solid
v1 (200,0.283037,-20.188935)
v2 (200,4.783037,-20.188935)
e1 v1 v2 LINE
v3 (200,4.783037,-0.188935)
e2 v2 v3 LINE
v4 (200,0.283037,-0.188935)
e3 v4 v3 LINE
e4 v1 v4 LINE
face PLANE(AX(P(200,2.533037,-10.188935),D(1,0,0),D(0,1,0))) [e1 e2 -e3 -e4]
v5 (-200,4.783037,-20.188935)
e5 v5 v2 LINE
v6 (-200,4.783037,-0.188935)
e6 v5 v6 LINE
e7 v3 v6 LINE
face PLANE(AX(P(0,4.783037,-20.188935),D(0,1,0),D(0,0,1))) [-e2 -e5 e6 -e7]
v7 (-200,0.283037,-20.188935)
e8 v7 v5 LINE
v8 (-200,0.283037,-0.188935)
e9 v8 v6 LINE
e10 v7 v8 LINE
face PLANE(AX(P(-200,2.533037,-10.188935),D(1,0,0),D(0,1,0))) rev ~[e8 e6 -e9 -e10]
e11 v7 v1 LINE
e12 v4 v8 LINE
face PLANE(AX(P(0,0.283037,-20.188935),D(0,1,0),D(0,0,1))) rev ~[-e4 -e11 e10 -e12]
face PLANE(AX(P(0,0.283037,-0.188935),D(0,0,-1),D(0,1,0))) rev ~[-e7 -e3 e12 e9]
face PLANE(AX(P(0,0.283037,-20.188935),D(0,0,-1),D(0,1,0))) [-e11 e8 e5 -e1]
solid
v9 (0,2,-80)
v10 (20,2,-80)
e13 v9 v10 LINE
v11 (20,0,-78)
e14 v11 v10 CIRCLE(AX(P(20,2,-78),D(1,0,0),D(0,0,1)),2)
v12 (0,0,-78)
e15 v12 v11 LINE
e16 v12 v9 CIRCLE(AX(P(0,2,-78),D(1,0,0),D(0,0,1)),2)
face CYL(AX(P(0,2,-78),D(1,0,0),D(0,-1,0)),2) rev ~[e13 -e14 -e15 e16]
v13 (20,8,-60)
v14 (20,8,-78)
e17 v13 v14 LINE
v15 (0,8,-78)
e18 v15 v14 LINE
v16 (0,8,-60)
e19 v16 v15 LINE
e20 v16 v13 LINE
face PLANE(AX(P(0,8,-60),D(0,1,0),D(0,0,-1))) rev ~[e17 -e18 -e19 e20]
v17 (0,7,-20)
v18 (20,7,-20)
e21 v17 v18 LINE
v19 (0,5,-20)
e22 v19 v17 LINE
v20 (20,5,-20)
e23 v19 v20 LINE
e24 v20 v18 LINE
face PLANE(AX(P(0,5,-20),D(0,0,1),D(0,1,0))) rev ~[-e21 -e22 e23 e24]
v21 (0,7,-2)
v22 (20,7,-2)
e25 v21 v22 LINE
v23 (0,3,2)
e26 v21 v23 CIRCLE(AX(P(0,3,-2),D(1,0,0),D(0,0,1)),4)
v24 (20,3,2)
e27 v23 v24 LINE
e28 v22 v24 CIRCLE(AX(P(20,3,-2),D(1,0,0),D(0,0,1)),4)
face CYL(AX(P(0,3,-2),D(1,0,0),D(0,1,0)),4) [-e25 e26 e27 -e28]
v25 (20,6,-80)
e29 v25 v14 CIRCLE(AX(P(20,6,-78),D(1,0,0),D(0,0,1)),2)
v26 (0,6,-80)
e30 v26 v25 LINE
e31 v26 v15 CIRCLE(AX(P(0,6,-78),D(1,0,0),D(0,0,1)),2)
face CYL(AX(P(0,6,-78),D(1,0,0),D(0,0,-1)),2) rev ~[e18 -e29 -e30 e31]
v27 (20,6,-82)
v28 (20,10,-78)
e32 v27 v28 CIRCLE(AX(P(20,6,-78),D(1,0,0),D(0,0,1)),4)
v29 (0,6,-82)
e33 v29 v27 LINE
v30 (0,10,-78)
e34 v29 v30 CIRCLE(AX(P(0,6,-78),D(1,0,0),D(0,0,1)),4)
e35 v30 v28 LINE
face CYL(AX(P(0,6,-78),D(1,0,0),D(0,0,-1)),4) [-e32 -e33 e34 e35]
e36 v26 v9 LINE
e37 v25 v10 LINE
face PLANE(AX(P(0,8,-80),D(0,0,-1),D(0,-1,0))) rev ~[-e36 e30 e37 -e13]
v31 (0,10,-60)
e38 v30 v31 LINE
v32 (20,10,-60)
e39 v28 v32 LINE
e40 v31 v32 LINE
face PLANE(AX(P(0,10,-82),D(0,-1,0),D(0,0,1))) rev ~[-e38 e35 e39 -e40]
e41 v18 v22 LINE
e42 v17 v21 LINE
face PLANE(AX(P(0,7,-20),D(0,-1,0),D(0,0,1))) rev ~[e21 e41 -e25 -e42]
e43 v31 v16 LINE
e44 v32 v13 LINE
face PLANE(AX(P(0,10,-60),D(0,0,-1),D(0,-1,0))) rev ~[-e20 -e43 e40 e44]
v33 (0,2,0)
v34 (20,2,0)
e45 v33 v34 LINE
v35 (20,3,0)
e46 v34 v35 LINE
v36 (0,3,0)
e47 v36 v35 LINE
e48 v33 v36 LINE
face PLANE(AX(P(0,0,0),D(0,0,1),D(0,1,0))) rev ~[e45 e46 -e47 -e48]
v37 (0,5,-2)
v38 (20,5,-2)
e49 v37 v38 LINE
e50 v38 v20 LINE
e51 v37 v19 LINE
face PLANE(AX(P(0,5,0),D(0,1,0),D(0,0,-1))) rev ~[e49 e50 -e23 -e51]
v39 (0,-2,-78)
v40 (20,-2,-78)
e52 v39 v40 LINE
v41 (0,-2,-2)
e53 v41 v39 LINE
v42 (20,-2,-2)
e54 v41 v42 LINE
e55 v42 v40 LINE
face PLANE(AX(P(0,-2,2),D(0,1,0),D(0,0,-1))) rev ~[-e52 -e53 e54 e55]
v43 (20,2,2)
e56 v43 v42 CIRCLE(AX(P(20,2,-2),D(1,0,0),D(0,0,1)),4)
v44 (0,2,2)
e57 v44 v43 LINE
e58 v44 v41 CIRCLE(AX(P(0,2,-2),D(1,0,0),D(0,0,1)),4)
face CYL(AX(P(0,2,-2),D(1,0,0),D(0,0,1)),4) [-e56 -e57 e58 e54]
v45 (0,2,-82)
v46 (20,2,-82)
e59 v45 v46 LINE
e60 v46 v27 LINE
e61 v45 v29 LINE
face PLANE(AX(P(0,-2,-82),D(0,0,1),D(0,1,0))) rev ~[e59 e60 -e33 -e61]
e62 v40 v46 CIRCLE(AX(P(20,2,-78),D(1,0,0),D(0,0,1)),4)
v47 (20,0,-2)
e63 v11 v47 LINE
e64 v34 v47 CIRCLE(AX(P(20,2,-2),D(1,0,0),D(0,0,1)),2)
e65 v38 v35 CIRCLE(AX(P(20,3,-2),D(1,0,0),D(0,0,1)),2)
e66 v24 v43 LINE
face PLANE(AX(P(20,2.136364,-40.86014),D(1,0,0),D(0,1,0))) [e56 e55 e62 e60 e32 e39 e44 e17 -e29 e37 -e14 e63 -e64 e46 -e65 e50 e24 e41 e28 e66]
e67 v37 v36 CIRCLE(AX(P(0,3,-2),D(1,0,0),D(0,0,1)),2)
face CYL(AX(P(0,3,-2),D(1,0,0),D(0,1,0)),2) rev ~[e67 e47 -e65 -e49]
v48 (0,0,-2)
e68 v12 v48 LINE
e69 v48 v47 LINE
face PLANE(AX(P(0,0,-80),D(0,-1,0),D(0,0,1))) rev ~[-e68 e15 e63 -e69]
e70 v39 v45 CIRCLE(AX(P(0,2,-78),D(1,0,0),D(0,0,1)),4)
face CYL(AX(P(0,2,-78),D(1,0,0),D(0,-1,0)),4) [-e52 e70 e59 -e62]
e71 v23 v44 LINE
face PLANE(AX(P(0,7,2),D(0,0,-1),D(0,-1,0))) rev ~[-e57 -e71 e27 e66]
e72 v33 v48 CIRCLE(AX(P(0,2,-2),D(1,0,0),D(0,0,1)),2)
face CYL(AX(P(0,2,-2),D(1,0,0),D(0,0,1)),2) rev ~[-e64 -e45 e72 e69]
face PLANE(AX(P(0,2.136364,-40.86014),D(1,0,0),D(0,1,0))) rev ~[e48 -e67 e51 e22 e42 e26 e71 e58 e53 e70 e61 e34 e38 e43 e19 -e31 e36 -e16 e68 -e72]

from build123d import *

# Parameters (mm, degrees)
F1_DEPTH      = 20
F2_R          = 4
F3_R          = 2
F4_W          = 4.5
F4_H          = 20
F5_DEPTH      = 200
F5_DEPTH_BACK = 200


with BuildPart() as f1:
    # F0 (on Right) → F1 (new body)
    with BuildSketch(Plane.YZ):
        Polygon((0, -80), (0, 0), (5, 0), (5, -20), (7, -20), (7, 2), (-2, 2), (-2, -82), (10, -82), (10, -60), (8, -60), (8, -80), align=None)
    extrude(amount=F1_DEPTH)

    # F2
    f2_edges = [f1.edges().sort_by_distance(p)[0] for p in [
        (10, -2, 2),
        (10, 7, 2),
        (10, -2, -82),
        (10, 10, -82),
    ]]
    fillet(f2_edges, radius=F2_R)

    # F3
    f3_edges = [f1.edges().sort_by_distance(p)[0] for p in [
        (10, 8, -80),
        (10, 5, 0),
        (10, 0, 0),
        (10, 0, -80),
    ]]
    fillet(f3_edges, radius=F3_R)


with BuildPart() as f5:
    # F4 (on Right) → F5 (new body, two sides)
    with BuildSketch(Plane.YZ) as f5_sk:
        with Locations((2.533037, -10.188935)):
            Rectangle(F4_W, F4_H)
    extrude(amount=F5_DEPTH)
    extrude(f5_sk.sketch, amount=-F5_DEPTH_BACK)


solid = Compound([f1.part, f5.part])
